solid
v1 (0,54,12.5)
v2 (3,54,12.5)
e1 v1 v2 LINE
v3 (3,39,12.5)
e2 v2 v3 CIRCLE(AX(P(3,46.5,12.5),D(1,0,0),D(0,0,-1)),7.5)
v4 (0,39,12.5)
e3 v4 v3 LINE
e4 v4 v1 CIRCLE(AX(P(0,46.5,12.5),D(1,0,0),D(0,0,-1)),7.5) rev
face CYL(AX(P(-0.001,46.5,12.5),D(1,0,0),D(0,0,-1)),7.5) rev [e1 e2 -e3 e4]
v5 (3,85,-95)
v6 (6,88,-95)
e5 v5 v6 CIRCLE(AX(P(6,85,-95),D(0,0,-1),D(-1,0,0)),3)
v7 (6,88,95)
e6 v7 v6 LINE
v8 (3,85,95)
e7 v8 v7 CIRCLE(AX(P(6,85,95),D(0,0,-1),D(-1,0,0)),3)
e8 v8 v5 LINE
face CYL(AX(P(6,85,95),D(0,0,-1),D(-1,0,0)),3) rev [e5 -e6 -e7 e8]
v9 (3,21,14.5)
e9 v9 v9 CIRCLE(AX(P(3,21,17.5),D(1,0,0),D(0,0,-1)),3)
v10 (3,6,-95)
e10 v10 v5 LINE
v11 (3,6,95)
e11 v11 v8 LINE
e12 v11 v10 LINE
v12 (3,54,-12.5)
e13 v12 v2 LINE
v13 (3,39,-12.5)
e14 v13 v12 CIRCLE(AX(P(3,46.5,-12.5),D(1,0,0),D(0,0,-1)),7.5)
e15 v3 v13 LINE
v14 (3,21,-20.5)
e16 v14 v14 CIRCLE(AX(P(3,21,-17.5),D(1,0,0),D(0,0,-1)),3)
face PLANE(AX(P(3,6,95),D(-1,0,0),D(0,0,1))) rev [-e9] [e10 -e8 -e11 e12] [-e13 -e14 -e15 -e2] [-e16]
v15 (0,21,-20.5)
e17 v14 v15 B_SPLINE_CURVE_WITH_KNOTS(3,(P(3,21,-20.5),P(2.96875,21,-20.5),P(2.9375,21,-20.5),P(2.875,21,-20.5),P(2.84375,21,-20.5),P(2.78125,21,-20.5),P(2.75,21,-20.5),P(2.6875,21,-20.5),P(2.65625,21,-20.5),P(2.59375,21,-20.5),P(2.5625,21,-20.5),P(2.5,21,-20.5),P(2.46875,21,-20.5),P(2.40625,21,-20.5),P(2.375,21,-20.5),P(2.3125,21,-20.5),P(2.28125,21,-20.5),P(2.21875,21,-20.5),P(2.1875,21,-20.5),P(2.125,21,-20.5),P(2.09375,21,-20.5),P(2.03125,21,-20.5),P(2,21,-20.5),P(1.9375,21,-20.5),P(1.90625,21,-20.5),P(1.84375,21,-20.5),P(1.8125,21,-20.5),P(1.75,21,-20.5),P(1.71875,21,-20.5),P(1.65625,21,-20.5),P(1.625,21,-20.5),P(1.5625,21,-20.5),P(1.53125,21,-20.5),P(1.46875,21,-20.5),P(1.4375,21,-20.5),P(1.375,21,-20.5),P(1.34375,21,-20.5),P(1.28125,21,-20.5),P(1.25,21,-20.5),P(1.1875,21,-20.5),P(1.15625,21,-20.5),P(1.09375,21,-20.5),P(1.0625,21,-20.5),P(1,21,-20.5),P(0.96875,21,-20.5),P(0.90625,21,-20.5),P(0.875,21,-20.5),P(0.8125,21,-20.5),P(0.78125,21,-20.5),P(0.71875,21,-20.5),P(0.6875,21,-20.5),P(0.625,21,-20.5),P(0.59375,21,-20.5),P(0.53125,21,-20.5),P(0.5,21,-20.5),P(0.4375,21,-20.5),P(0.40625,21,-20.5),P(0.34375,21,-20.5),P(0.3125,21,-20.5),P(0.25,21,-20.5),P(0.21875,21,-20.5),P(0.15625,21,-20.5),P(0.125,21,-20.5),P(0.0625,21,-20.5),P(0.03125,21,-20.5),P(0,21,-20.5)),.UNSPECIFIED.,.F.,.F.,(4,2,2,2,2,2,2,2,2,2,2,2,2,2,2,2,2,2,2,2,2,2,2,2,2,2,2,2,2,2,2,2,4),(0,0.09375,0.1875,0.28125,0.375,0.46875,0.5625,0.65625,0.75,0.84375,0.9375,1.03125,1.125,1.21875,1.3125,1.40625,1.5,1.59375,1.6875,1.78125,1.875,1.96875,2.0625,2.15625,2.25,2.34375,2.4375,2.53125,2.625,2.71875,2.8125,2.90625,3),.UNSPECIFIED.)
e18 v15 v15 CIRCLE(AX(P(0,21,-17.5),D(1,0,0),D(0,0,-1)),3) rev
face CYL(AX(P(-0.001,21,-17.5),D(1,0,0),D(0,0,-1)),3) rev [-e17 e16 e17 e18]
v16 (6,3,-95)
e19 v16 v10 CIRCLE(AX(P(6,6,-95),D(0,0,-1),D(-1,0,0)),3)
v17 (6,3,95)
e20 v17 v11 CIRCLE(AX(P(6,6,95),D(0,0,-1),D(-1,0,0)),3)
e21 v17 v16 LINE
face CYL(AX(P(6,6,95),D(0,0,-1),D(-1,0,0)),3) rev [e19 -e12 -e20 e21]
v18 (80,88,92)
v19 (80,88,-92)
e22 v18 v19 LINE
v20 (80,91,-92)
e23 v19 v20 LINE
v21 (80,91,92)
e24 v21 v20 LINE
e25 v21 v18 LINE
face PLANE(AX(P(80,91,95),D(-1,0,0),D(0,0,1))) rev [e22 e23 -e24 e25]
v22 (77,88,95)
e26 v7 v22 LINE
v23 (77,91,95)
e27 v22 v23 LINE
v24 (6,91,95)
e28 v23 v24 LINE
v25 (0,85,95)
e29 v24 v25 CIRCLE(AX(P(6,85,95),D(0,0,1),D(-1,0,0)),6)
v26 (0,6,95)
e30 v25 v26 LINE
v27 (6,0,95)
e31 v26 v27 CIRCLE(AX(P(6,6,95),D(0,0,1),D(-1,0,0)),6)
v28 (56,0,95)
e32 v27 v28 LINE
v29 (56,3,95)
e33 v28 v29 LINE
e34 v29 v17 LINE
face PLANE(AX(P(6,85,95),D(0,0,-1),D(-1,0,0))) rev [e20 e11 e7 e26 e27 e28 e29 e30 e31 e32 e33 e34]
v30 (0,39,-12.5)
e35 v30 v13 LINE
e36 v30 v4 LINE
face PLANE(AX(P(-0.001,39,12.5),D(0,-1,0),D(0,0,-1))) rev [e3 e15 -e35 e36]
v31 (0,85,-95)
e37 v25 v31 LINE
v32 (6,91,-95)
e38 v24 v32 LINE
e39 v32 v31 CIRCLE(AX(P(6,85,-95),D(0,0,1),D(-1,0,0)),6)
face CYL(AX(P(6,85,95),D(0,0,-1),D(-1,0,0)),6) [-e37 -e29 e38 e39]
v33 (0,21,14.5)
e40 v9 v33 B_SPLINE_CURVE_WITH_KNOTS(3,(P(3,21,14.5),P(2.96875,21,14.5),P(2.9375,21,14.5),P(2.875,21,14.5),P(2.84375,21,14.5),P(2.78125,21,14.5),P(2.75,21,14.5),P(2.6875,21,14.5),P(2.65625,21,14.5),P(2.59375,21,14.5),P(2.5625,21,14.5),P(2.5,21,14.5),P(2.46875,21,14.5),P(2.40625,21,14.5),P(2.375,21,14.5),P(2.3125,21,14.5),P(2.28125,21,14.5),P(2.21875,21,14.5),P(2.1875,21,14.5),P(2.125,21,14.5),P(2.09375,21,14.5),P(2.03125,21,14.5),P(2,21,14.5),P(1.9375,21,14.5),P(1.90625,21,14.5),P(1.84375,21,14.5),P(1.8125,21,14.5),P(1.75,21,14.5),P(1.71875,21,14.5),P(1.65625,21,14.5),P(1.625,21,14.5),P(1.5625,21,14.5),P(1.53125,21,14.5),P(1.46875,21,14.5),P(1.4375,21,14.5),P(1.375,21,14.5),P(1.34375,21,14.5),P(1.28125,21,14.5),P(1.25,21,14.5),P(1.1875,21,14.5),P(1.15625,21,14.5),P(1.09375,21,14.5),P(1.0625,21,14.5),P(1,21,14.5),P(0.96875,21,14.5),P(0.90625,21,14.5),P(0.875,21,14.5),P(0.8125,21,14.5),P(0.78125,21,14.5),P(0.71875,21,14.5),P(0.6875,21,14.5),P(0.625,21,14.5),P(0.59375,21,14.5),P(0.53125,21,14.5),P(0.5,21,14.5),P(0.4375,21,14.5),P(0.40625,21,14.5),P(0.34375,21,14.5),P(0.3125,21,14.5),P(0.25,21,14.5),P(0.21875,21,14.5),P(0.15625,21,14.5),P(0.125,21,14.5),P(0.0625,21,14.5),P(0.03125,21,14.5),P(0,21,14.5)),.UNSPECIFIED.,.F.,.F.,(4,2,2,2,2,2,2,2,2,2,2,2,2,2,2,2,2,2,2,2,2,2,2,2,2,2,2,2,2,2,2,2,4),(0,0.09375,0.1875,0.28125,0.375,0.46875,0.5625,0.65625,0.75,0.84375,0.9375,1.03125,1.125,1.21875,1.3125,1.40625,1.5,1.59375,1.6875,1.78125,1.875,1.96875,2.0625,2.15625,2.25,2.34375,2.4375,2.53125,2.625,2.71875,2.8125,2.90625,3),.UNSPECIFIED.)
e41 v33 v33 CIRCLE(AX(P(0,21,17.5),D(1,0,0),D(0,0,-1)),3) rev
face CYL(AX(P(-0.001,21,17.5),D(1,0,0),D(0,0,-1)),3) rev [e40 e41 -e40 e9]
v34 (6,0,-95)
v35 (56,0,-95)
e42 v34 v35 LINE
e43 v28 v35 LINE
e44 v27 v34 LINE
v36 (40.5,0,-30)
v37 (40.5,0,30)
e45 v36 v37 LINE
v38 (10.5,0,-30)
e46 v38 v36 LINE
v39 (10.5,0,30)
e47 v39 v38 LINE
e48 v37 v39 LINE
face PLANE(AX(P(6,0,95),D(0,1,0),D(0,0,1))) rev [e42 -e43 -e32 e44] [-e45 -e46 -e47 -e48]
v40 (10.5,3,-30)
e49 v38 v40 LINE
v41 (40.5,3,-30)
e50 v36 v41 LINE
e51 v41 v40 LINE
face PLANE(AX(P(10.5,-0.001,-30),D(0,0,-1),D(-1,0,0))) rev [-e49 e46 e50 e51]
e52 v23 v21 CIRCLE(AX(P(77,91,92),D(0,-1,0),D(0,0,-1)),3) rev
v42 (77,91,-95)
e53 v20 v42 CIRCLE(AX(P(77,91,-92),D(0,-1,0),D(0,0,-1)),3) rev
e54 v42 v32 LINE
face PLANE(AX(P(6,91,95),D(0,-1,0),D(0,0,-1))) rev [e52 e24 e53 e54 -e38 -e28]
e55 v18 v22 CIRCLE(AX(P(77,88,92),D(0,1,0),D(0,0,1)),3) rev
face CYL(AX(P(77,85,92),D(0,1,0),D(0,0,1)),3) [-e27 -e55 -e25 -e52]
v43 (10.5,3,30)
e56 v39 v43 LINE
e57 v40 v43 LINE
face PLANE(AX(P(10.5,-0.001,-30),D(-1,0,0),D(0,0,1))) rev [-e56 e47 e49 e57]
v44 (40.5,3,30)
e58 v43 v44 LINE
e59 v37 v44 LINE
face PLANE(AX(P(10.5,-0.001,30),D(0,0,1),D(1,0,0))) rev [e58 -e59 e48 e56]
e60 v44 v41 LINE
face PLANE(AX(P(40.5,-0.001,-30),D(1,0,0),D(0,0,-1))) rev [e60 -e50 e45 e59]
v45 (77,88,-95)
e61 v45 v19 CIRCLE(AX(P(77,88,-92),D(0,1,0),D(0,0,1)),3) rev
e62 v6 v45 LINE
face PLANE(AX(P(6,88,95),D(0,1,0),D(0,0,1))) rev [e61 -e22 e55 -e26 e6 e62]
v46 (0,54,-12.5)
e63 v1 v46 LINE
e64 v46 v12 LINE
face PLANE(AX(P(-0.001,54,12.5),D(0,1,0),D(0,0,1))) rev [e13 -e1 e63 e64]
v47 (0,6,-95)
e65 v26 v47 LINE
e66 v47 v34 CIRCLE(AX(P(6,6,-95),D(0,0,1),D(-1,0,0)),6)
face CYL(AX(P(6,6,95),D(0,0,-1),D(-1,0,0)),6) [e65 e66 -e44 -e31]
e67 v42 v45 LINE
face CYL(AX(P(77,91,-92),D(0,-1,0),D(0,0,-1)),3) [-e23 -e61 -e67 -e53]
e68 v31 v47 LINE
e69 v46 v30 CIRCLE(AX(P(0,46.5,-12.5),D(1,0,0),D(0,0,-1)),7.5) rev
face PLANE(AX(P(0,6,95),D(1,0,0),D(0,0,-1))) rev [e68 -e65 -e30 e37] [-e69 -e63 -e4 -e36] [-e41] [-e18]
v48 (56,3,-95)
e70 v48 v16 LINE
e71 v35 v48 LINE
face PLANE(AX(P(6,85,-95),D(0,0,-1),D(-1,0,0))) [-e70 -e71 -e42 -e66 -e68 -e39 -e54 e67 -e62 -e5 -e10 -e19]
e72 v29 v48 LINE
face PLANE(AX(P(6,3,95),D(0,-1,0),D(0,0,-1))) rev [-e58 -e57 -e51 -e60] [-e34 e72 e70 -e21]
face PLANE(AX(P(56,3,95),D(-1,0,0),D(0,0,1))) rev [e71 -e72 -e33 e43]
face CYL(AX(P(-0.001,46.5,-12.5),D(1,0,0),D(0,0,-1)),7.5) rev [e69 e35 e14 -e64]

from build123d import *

# Parameters (mm, degrees)
BOSS_EXTRUDE1_DEPTH = 95
FILLET2_R           = 3
CUT_EXTRUDE2_REACH  = 154.43
CUT_EXTRUDE4_REACH  = 154.214
SKETCH7_W           = 30
SKETCH7_H           = 60
CUT_EXTRUDE5_REACH  = 154.43
SKETCH2_R           = 3


with BuildPart() as part:
    # Sketch1 → Boss-Extrude1 (new, symmetric)
    with BuildSketch(Plane.XY):
        with BuildLine():
            Line((6, 91), (80, 91))
            Line((80, 91), (80, 88))
            Line((80, 88), (6, 88))
            ThreePointArc((6, 88), (3.878679656, 87.121320344), (3, 85))
            Line((3, 85), (3, 6))
            ThreePointArc((3, 6), (3.878679656, 3.878679656), (6, 3))
            Line((6, 3), (56, 3))
            Line((56, 3), (56, 0))
            Line((56, 0), (6, 0))
            ThreePointArc((6, 0), (1.757359313, 1.757359313), (0, 6))
            Line((0, 6), (0, 85))
            ThreePointArc((0, 85), (1.757359313, 89.242640687), (6, 91))
        make_face()
    extrude(amount=BOSS_EXTRUDE1_DEPTH, both=True)

    # Fillet2
    fillet2_edges = [part.edges().sort_by_distance(p)[0] for p in [
        (80, 89.5, 95),
        (80, 89.5, -95),
    ]]
    fillet(fillet2_edges, radius=FILLET2_R)

    # Sketch5 → Cut-Extrude2 (cut, up to next)
    with BuildSketch(Plane(origin=(3, 0, 0), x_dir=(0, 0, -1), z_dir=(1, 0, 0)), mode=Mode.PRIVATE) as cut_extrude2_sk1:
        with BuildLine():
            Line((-12.5, 54), (12.5, 54))
            ThreePointArc((12.5, 54), (20, 46.5), (12.5, 39))
            Line((12.5, 39), (-12.5, 39))
            ThreePointArc((-12.5, 39), (-20, 46.5), (-12.5, 54))
        make_face()
    cut_extrude2_tool1 = extrude(cut_extrude2_sk1.sketch, amount=-CUT_EXTRUDE2_REACH, mode=Mode.PRIVATE) & part.part
    add(cut_extrude2_tool1.solids().sort_by_distance((3, 46.5, 0))[0], mode=Mode.SUBTRACT)

    # Sketch7 → Cut-Extrude4 (cut, up to next)
    with BuildSketch(Plane(origin=(0, 3, 0), x_dir=(1, 0, 0), z_dir=(0, 1, 0)), mode=Mode.PRIVATE) as cut_extrude4_sk1:
        with Locations((25.5, 0)):
            Rectangle(SKETCH7_W, SKETCH7_H)
    cut_extrude4_tool1 = extrude(cut_extrude4_sk1.sketch, amount=-CUT_EXTRUDE4_REACH, mode=Mode.PRIVATE) & part.part
    add(cut_extrude4_tool1.solids().sort_by_distance((25.5, 3, 0))[0], mode=Mode.SUBTRACT)

    # Sketch2 → Cut-Extrude5 (cut, up to next)
    with BuildSketch(Plane(origin=(3, 0, 0), x_dir=(0, 0, -1), z_dir=(1, 0, 0)), mode=Mode.PRIVATE) as cut_extrude5_sk1:
        with Locations((-17.5, 21)):
            Circle(SKETCH2_R)
    cut_extrude5_tool1 = extrude(cut_extrude5_sk1.sketch, amount=-CUT_EXTRUDE5_REACH, mode=Mode.PRIVATE) & part.part
    # Sketch2 → Cut-Extrude5 (cut, up to next)
    with BuildSketch(Plane(origin=(3, 0, 0), x_dir=(0, 0, -1), z_dir=(1, 0, 0)), mode=Mode.PRIVATE) as cut_extrude5_sk2:
        with Locations((17.5, 21)):
            Circle(SKETCH2_R)
    cut_extrude5_tool2 = extrude(cut_extrude5_sk2.sketch, amount=-CUT_EXTRUDE5_REACH, mode=Mode.PRIVATE) & part.part
    add(cut_extrude5_tool1.solids().sort_by_distance((3, 21, 17.5))[0], mode=Mode.SUBTRACT)
    add(cut_extrude5_tool2.solids().sort_by_distance((3, 21, -17.5))[0], mode=Mode.SUBTRACT)


solid = part.part
